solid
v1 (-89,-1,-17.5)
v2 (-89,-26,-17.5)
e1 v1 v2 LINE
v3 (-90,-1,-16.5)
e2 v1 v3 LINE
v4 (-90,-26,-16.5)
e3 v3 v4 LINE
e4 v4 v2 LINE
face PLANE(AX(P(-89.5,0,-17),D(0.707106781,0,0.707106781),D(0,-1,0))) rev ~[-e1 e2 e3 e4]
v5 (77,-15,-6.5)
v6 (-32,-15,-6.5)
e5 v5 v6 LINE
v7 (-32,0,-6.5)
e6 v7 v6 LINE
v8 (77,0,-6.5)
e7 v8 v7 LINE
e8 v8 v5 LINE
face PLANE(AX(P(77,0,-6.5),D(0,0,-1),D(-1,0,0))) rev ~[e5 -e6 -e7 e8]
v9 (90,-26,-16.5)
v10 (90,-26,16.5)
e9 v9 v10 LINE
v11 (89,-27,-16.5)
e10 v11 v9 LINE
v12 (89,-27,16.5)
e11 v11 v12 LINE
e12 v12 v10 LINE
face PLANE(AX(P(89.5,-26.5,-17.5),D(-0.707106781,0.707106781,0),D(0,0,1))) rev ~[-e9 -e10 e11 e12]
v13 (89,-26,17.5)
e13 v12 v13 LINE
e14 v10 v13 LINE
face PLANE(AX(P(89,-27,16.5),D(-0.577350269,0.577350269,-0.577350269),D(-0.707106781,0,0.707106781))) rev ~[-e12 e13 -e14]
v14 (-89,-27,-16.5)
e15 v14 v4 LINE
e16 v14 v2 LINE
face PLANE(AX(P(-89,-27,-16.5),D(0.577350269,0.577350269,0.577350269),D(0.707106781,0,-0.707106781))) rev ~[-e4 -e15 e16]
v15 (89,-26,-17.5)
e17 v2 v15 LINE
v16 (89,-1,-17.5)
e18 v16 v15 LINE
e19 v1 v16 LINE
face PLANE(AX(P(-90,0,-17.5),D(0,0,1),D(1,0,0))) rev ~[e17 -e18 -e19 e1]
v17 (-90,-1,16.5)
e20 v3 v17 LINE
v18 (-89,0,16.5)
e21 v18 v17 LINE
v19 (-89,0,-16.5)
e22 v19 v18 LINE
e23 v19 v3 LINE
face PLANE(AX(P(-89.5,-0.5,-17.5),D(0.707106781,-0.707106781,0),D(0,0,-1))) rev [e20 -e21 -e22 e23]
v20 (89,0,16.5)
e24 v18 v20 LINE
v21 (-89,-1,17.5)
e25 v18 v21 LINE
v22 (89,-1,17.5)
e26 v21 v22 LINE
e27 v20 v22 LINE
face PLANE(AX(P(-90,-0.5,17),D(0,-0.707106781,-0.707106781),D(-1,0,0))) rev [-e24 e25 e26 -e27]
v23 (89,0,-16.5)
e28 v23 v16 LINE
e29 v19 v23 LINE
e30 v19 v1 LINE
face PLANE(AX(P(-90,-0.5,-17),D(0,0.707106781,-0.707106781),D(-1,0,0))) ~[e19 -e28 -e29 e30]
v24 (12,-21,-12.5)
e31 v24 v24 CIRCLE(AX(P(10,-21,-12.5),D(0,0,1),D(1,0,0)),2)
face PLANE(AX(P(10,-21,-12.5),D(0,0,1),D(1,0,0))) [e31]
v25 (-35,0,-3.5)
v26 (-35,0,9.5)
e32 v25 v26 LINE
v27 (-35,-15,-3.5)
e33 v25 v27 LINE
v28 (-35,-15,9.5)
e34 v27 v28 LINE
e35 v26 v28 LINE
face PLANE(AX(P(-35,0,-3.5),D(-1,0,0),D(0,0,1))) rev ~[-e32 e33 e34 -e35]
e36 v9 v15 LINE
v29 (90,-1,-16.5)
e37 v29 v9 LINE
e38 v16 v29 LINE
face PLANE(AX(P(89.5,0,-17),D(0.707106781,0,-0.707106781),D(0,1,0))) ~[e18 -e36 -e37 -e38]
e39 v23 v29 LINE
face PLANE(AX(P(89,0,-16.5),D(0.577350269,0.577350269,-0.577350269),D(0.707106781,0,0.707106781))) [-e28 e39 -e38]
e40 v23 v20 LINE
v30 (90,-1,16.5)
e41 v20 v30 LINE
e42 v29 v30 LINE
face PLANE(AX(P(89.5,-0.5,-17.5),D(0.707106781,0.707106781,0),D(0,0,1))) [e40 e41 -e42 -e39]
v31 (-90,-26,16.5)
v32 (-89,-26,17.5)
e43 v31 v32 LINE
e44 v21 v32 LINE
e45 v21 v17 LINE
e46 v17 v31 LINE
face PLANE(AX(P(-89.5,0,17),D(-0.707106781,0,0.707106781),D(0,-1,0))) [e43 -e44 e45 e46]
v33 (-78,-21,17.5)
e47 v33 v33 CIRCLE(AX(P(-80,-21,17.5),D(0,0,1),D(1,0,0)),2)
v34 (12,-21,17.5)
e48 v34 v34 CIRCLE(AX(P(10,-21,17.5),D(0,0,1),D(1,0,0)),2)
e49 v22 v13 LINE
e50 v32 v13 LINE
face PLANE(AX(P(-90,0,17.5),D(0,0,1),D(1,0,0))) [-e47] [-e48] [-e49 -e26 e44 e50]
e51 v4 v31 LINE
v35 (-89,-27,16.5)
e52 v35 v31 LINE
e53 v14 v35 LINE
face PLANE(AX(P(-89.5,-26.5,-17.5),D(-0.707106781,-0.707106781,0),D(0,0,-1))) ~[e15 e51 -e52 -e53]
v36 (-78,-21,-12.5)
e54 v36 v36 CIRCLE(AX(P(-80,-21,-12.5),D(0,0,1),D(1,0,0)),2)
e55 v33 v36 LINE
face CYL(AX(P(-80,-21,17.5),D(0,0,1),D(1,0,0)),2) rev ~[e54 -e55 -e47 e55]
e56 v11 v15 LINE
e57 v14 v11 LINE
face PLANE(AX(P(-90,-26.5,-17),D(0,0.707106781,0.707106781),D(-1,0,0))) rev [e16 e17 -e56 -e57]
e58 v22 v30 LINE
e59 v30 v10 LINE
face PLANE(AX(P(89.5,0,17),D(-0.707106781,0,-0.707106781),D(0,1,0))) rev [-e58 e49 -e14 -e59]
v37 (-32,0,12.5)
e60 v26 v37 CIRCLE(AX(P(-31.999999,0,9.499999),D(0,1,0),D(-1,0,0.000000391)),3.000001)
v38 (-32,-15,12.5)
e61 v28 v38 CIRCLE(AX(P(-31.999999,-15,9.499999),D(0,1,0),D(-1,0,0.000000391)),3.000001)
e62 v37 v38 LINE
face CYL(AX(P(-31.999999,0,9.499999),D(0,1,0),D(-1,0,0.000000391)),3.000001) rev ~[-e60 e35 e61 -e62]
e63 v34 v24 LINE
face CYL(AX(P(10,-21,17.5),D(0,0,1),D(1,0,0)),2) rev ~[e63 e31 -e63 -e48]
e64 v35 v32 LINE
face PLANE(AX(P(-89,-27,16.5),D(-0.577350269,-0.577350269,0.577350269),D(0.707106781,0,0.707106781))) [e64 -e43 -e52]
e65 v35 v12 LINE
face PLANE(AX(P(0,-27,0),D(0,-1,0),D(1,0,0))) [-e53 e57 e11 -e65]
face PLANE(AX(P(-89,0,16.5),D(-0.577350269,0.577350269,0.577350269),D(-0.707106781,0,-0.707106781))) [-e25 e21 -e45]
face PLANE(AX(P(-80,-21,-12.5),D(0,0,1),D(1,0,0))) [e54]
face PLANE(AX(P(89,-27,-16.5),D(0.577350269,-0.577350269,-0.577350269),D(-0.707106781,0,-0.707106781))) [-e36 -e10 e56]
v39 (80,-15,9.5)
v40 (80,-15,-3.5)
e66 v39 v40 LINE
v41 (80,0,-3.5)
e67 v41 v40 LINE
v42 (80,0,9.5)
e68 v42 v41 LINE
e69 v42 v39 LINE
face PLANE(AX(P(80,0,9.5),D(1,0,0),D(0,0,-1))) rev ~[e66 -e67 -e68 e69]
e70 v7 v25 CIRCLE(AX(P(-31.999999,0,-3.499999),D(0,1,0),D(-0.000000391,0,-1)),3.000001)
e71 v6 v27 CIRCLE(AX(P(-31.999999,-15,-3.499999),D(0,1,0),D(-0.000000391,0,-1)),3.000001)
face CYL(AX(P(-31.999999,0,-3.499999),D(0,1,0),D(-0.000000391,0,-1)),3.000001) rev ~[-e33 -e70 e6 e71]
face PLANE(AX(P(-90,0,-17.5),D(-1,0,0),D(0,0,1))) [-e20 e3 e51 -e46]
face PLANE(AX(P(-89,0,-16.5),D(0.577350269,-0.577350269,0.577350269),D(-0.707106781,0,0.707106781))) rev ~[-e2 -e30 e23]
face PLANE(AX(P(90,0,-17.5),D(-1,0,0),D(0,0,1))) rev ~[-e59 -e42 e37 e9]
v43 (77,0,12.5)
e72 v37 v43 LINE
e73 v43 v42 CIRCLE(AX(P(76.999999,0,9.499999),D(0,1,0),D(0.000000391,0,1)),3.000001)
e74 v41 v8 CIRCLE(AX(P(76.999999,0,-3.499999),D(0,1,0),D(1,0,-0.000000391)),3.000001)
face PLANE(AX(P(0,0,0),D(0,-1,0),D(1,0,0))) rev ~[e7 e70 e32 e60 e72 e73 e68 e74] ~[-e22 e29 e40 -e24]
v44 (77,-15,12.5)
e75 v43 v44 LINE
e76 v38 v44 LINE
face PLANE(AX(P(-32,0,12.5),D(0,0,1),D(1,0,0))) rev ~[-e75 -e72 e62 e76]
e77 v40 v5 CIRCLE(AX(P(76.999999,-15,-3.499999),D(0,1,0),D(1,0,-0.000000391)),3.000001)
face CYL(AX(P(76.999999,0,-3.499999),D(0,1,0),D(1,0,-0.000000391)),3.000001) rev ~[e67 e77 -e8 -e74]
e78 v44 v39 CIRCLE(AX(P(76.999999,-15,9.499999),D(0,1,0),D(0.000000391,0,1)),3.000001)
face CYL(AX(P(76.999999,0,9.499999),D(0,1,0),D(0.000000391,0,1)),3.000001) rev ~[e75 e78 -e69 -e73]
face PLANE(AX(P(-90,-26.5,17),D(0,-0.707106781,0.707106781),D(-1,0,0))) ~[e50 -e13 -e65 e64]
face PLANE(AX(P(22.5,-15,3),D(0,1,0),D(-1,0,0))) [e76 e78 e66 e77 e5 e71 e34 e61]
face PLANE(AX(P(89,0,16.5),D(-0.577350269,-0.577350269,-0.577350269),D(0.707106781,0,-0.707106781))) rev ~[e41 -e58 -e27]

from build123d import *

# Parameters (mm, degrees)
F0_W     = 180
F0_H     = 35
F1_DEPTH = 27
F3_DEPTH = 15
F4_SIZE  = 1
F5_R     = 2
F6_DEPTH = 30


with BuildPart() as f1:
    # F0 (on Front) → F1 (new body)
    with BuildSketch(Plane.XZ):
        Rectangle(F0_W, F0_H)
    extrude(amount=F1_DEPTH)

    # F2 (on face) → F3 (cut)
    with BuildSketch(Plane(origin=(0, 0, 0), x_dir=(-1, 0, 0), z_dir=(0, 1, 0))):
        with BuildLine():
            Line((32, 12.5), (-77, 12.5))
            ThreePointArc((-77, 12.5), (-79.12132, 11.62132), (-80, 9.5))
            Line((-80, 9.5), (-80, -3.5))
            ThreePointArc((-80, -3.5), (-79.12132, -5.62132), (-77, -6.5))
            Line((-77, -6.5), (32, -6.5))
            ThreePointArc((32, -6.5), (34.12132, -5.62132), (35, -3.5))
            Line((35, -3.5), (35, 9.5))
            ThreePointArc((35, 9.5), (34.12132, 11.62132), (32, 12.5))
        make_face()
    extrude(amount=-F3_DEPTH, mode=Mode.SUBTRACT)

    # F4
    f4_edges = [f1.edges().sort_by_distance(p)[0] for p in [
        (-90, -13.5, -17.5),
        (-90, -13.5, 17.5),
        (90, -13.5, -17.5),
        (90, -13.5, 17.5),
        (0, 0, 17.5),
        (0, 0, -17.5),
        (90, -27, 0),
        (90, 0, 0),
        (-90, 0, 0),
        (-90, -27, 0),
        (0, -27, -17.5),
        (0, -27, 17.5),
    ]]
    chamfer(f4_edges, length=F4_SIZE)

    # F5 (on face) → F6 (cut)
    with BuildSketch(Plane.XY.offset(17.5)):
        with Locations((-80, -21)):
            Circle(F5_R)
        with Locations((10, -21)):
            Circle(F5_R)
    extrude(amount=-F6_DEPTH, mode=Mode.SUBTRACT)


solid = f1.part
